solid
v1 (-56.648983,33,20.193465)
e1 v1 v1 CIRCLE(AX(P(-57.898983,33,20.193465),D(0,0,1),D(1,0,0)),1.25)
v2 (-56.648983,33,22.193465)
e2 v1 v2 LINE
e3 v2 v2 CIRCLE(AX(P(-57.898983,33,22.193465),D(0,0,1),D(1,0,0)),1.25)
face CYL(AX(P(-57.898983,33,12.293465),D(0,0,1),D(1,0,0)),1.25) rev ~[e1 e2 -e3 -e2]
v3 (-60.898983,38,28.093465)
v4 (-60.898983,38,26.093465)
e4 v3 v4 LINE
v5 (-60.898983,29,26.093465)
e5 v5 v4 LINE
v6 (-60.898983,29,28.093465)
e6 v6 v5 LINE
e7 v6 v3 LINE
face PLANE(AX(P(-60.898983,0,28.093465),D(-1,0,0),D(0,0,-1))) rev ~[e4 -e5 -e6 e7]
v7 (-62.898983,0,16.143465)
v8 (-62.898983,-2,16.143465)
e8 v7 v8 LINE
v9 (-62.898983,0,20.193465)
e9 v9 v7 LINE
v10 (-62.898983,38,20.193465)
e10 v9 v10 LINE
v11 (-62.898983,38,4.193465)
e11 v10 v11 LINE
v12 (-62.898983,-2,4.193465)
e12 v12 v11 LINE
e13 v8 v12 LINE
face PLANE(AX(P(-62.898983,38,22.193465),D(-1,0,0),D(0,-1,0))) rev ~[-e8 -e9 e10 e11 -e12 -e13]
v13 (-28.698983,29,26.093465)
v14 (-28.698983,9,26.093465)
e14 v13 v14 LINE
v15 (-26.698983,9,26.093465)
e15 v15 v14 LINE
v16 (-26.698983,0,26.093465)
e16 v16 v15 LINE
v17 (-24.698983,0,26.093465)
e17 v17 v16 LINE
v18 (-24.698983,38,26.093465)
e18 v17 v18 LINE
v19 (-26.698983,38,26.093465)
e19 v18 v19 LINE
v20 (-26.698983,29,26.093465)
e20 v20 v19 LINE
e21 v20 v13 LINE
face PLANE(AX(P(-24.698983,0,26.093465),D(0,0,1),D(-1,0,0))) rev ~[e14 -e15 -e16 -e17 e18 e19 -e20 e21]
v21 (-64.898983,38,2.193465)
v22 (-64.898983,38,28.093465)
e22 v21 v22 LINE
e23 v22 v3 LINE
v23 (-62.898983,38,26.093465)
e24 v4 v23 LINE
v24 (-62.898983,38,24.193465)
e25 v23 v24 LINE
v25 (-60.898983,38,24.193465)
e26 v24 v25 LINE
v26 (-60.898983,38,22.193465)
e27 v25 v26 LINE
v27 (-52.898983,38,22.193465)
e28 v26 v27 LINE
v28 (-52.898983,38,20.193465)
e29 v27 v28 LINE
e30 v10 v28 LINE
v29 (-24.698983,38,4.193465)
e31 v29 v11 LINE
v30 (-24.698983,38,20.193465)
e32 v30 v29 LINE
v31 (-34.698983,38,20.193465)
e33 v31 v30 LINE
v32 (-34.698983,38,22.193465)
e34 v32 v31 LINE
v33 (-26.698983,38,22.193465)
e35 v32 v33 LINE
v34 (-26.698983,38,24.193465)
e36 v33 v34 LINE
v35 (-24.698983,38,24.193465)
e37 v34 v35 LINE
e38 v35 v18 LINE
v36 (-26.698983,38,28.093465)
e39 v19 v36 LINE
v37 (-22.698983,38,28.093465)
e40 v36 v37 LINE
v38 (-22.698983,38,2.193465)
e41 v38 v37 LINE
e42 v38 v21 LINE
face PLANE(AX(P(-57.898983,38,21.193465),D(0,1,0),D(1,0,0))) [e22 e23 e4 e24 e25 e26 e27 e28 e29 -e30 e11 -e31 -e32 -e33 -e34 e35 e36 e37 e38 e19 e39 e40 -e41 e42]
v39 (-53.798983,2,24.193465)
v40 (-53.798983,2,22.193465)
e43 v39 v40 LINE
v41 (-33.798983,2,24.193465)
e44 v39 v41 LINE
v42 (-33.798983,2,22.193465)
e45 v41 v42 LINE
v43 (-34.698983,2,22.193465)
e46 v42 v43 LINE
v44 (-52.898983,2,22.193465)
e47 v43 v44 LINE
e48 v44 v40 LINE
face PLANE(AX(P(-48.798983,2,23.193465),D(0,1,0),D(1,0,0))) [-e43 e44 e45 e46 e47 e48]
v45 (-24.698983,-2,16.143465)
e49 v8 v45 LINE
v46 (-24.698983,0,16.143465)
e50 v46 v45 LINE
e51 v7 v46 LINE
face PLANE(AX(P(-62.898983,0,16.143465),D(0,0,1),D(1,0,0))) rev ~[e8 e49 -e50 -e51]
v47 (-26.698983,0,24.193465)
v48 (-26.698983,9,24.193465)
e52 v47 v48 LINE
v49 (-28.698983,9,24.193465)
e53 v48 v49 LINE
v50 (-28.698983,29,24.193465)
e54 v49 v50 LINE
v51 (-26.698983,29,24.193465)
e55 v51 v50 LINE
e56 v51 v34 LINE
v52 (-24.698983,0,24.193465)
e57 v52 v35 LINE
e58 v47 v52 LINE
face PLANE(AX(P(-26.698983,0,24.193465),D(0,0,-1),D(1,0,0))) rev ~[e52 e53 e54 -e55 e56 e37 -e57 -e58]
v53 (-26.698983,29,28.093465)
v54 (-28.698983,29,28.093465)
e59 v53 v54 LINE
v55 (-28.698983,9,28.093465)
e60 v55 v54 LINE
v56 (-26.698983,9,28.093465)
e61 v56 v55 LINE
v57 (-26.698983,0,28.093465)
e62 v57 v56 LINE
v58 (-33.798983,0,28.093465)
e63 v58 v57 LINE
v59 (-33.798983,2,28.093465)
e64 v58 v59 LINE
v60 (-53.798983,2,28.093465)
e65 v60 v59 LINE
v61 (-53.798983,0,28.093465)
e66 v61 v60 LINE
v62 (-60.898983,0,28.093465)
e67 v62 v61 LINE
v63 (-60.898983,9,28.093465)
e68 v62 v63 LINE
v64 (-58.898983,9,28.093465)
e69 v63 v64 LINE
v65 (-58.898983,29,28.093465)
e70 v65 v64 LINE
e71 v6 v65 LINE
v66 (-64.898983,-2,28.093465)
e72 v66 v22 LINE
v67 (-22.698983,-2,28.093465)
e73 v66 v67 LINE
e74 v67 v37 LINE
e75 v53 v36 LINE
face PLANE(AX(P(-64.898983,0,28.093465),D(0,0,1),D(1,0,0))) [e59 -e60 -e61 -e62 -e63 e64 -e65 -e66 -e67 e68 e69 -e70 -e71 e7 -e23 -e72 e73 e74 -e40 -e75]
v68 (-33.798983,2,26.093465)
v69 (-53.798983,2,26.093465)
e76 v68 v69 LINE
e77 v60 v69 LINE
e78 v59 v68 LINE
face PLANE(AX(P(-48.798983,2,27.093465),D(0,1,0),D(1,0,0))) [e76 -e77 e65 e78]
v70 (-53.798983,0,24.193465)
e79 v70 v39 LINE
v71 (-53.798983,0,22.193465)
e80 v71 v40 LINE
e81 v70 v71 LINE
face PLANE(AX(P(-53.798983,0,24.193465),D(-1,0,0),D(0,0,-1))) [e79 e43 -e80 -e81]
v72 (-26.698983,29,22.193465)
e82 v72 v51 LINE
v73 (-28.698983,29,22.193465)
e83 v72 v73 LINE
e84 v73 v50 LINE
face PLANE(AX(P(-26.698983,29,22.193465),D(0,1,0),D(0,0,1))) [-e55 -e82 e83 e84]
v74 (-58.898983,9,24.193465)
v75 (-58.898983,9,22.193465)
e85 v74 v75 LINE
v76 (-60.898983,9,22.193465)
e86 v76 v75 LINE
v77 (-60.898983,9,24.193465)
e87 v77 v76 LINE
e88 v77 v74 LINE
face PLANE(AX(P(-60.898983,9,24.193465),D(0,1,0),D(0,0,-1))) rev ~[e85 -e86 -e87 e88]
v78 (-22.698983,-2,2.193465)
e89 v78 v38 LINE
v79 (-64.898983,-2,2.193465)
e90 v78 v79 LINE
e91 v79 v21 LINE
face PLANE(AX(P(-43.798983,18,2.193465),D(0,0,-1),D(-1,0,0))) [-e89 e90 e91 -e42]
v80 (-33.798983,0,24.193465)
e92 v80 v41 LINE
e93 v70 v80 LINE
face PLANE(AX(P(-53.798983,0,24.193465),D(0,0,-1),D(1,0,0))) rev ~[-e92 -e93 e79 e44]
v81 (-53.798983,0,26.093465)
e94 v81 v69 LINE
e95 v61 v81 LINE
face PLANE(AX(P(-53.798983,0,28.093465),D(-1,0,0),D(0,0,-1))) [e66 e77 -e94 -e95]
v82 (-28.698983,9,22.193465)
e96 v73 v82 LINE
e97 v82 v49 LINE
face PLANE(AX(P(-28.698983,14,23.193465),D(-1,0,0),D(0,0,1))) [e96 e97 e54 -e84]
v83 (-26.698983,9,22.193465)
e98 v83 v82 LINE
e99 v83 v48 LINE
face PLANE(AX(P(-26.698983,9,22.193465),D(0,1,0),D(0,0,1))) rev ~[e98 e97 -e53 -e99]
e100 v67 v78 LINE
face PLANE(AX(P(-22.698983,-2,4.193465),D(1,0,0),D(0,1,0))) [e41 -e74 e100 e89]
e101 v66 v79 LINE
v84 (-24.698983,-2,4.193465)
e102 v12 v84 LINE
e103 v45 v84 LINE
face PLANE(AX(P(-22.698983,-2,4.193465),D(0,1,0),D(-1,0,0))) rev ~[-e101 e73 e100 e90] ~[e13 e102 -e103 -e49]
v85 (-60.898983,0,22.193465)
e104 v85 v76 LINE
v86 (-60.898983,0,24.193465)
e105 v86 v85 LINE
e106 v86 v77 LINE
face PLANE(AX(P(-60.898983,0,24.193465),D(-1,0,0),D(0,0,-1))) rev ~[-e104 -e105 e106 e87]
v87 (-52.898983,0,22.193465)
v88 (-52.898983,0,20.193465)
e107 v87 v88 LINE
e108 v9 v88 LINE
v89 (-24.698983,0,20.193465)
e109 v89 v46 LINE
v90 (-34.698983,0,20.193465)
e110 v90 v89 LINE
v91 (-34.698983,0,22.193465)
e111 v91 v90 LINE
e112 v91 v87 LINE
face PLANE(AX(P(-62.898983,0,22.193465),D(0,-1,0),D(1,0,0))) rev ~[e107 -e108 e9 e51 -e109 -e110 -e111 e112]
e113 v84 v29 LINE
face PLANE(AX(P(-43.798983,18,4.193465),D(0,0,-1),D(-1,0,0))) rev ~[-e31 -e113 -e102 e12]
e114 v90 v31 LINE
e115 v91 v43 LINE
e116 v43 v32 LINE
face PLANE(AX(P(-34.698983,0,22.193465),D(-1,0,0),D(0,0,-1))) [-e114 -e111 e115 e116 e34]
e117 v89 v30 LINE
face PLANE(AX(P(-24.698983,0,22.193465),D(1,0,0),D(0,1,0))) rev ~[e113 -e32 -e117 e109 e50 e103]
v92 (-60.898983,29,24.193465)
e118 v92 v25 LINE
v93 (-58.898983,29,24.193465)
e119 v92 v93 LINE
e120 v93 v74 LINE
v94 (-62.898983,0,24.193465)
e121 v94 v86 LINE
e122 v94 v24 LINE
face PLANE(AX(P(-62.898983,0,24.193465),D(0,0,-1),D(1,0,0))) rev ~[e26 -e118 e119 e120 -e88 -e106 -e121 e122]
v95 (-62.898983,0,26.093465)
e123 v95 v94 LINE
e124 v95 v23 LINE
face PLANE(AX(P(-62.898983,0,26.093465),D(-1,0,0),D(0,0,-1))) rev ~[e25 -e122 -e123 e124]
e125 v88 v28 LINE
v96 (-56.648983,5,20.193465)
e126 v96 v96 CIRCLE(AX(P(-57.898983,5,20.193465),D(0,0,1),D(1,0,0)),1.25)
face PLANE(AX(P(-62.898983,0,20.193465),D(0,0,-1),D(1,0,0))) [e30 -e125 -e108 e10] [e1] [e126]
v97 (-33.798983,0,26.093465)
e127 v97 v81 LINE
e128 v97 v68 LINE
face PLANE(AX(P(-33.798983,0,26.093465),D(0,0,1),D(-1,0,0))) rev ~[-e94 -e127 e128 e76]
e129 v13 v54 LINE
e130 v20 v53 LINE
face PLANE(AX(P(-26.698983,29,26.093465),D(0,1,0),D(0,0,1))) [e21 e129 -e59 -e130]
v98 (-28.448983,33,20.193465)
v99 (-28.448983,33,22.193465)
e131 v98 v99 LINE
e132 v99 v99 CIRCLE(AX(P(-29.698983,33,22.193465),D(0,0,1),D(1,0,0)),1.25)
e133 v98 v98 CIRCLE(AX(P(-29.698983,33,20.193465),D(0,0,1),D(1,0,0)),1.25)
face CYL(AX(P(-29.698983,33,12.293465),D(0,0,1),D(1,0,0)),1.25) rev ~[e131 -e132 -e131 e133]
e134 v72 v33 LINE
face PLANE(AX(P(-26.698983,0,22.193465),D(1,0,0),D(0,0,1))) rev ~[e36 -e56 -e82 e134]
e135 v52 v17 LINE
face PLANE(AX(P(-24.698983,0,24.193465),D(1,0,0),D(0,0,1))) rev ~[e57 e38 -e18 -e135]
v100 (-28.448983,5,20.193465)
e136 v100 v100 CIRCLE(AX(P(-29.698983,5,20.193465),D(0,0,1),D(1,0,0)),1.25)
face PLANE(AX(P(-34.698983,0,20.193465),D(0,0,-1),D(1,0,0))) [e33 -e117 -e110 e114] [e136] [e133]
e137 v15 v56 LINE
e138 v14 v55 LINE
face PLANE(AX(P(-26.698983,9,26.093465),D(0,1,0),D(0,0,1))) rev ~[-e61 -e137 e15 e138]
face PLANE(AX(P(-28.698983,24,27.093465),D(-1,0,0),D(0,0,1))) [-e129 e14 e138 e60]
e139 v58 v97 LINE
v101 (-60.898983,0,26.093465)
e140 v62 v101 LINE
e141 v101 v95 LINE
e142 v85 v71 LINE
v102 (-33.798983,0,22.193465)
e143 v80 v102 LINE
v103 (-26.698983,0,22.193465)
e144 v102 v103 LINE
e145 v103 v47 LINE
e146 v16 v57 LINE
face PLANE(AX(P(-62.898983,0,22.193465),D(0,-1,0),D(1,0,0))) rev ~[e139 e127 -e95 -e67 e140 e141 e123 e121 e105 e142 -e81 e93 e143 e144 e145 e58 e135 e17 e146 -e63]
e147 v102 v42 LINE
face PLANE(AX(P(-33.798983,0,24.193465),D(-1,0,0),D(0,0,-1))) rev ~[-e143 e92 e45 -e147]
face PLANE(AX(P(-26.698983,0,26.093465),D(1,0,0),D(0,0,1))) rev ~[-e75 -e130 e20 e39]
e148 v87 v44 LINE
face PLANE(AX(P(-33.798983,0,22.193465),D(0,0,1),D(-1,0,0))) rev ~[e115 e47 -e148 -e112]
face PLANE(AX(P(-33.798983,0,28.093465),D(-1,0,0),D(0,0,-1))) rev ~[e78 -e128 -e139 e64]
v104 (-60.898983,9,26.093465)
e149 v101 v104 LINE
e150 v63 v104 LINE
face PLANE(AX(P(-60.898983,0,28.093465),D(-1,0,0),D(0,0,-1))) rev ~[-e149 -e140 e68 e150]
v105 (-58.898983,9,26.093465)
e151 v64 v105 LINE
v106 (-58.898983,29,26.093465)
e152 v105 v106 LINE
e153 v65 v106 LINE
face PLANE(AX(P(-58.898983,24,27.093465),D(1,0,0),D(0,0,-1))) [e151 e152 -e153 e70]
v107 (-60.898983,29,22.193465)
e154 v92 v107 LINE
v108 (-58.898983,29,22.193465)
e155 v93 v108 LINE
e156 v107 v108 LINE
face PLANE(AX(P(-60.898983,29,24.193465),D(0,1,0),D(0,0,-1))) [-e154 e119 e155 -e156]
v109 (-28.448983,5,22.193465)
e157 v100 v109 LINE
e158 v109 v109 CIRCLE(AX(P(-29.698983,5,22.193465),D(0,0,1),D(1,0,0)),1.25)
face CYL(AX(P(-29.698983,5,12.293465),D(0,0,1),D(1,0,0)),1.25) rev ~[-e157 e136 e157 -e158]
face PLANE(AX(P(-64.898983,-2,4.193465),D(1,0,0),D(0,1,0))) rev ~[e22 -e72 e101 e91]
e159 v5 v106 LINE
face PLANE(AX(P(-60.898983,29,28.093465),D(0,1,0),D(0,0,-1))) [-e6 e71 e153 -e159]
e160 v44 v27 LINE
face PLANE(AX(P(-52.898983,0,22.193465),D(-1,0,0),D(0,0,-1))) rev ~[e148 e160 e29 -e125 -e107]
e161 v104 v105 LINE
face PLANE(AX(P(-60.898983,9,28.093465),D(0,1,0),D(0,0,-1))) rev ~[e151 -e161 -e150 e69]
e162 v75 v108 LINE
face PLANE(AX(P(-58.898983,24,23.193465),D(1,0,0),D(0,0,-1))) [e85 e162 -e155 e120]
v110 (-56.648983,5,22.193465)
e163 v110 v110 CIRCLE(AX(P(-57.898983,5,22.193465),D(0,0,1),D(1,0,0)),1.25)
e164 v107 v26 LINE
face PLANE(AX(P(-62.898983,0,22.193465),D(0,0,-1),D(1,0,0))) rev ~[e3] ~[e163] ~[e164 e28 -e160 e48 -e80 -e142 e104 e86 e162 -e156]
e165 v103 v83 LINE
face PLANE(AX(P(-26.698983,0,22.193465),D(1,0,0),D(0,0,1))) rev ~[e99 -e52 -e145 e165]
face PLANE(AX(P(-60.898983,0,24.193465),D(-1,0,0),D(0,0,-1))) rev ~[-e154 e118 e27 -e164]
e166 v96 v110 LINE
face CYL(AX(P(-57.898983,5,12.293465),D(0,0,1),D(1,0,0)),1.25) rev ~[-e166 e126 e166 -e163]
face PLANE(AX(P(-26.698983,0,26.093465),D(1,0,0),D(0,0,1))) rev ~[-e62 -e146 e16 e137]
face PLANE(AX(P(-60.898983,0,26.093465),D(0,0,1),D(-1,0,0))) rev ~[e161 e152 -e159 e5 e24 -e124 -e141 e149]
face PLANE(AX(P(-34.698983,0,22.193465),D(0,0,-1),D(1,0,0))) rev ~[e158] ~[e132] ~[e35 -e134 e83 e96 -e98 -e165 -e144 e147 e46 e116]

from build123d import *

# Parameters (mm, degrees)
BOSS_EXTRUDE1_DEPTH       = 38
BOSS_EXTRUDE1_2_DEPTH     = 38
SKETCH2_W                 = 42.2
SKETCH2_H                 = 5.9
BOSS_EXTRUDE2_DEPTH       = 2
BOSS_EXTRUDE3_DEPTH       = 18
SKETCH4_W                 = 42.2
SKETCH4_H                 = 40
BOSS_EXTRUDE4_DEPTH       = 2
SKETCH5_W                 = 38.2
SKETCH5_H                 = 11.95
CUT_EXTRUDE1_DEPTH        = 81.281509747
SKETCH6_W                 = 2
SKETCH6_H                 = 10
BOSS_EXTRUDE5_DEPTH       = 2
SKETCH7_W                 = 2
SKETCH7_H                 = 10
BOSS_EXTRUDE6_DEPTH       = 2
SKETCH8_W                 = 10
SKETCH8_H                 = 2
BOSS_EXTRUDE7_DEPTH       = 2
SKETCH9_W                 = 10
SKETCH9_H                 = 2
BOSS_EXTRUDE8_DEPTH       = 38
M3X0_5_TAPPED_HOLE1_D     = 2.5
M3X0_5_TAPPED_HOLE1_DEPTH = 7.9
M3X0_5_TAPPED_HOLE2_D     = 2.5
M3X0_5_TAPPED_HOLE2_DEPTH = 7.9


with BuildPart() as part:
    # Sketch1 → Boss-Extrude1 (new body)
    with BuildSketch(Plane(origin=(0, 0, 0), x_dir=(1, 0, 0), z_dir=(0, 1, 0))):
        Polygon((-62.898983402, -26.09346473), (-62.898983402, -24.19346473), (-60.898983402, -24.19346473), (-60.898983402, -22.19346473), (-64.898983402, -22.19346473), (-64.898983402, -28.09346473), (-60.898983402, -28.09346473), (-60.898983402, -26.09346473), align=None)
    extrude(amount=BOSS_EXTRUDE1_DEPTH)



with BuildPart() as body_2:
    # Sketch1 → Boss-Extrude1 2 (new body)
    with BuildSketch(Plane(origin=(0, 0, 0), x_dir=(1, 0, 0), z_dir=(0, 1, 0))):
        Polygon((-26.698983402, -22.19346473), (-26.698983402, -24.19346473), (-24.698983402, -24.19346473), (-24.698983402, -26.09346473), (-26.698983402, -26.09346473), (-26.698983402, -28.09346473), (-22.698983402, -28.09346473), (-22.698983402, -22.19346473), align=None)
    extrude(amount=BOSS_EXTRUDE1_2_DEPTH)


with BuildPart() as part_1:
    add(part.part)

    add(body_2.part)  # Boss-Extrude2 merges body 2
    # Sketch2 → Boss-Extrude2 (add)
    with BuildSketch(Plane(origin=(0, 0, 0), x_dir=(1, 0, 0), z_dir=(0, 1, 0))):
        with Locations((-43.798983402, -25.14346473)):
            Rectangle(SKETCH2_W, SKETCH2_H)
    extrude(amount=-BOSS_EXTRUDE2_DEPTH)

    # Sketch3 → Boss-Extrude3 (add)
    with BuildSketch(Plane(origin=(0, 0, 22.19346473), x_dir=(-1, 0, 0), z_dir=(0, 0, -1))):
        Polygon((24.698983402, 38), (22.698983402, 38), (22.698983402, -2), (64.898983402, -2), (64.898983402, 38), (62.898983402, 38), (62.898983402, 0), (24.698983402, 0), align=None)
    extrude(amount=BOSS_EXTRUDE3_DEPTH)

    # Sketch4 → Boss-Extrude4 (add)
    with BuildSketch(Plane(origin=(0, 0, 4.19346473), x_dir=(-1, 0, 0), z_dir=(0, 0, -1))):
        with Locations((43.798983402, 18)):
            Rectangle(SKETCH4_W, SKETCH4_H)
    extrude(amount=BOSS_EXTRUDE4_DEPTH)

    # Sketch5 → Cut-Extrude1 (cut, through all)
    with BuildSketch(Plane(origin=(0, 0, 0), x_dir=(1, 0, 0), z_dir=(0, 1, 0))):
        with Locations((-43.798983402, -10.16846473)):
            Rectangle(SKETCH5_W, SKETCH5_H)
    extrude(amount=-CUT_EXTRUDE1_DEPTH, mode=Mode.SUBTRACT)

    # Sketch6 → Boss-Extrude5 (add)
    with BuildSketch(Plane(origin=(-60.898983402, 0, 0), x_dir=(0, 0, -1), z_dir=(1, 0, 0))):
        with Locations((-27.09346473, 24)):
            Rectangle(SKETCH6_W, SKETCH6_H)
        with Locations((-23.19346473, 24)):
            Rectangle(SKETCH6_W, SKETCH6_H)
        with Locations((-27.09346473, 14)):
            Rectangle(SKETCH6_W, SKETCH6_H)
        with Locations((-23.19346473, 14)):
            Rectangle(SKETCH6_W, SKETCH6_H)
    extrude(amount=BOSS_EXTRUDE5_DEPTH)

    # Sketch7 → Boss-Extrude6 (add)
    with BuildSketch(Plane.ZY.offset(26.698983402)):
        with Locations((27.09346473, 24)):
            Rectangle(SKETCH7_W, SKETCH7_H)
        with Locations((27.09346473, 14)):
            Rectangle(SKETCH7_W, SKETCH7_H)
        with Locations((23.19346473, 14)):
            Rectangle(SKETCH7_W, SKETCH7_H)
        with Locations((23.19346473, 24)):
            Rectangle(SKETCH7_W, SKETCH7_H)
    extrude(amount=BOSS_EXTRUDE6_DEPTH)

    # Sketch8 → Boss-Extrude7 (add)
    with BuildSketch(Plane(origin=(0, 0, 0), x_dir=(1, 0, 0), z_dir=(0, 1, 0))):
        with Locations((-48.798983402, -23.19346473)):
            Rectangle(SKETCH8_W, SKETCH8_H)
        with Locations((-38.798983402, -23.19346473)):
            Rectangle(SKETCH8_W, SKETCH8_H)
        with Locations((-48.798983402, -27.09346473)):
            Rectangle(SKETCH8_W, SKETCH8_H)
        with Locations((-38.798983402, -27.09346473)):
            Rectangle(SKETCH8_W, SKETCH8_H)
    extrude(amount=BOSS_EXTRUDE7_DEPTH)

    # Sketch9 → Boss-Extrude8 (add)
    with BuildSketch(Plane(origin=(0, 0, 0), x_dir=(1, 0, 0), z_dir=(0, 1, 0))):
        with Locations((-57.898983402, -21.19346473)):
            Rectangle(SKETCH9_W, SKETCH9_H)
        with Locations((-29.698983402, -21.19346473)):
            Rectangle(SKETCH9_W, SKETCH9_H)
    extrude(amount=BOSS_EXTRUDE8_DEPTH)

    # M3x0.5 Tapped Hole1
    with Locations(Plane(origin=(-57.898983402, 33, 20.19346473), x_dir=(-1, 0, 0), z_dir=(0, 0, -1))):
        with Locations((0, 0), (0, -28)):
            Hole(M3X0_5_TAPPED_HOLE1_D / 2, depth=M3X0_5_TAPPED_HOLE1_DEPTH)

    # M3x0.5 Tapped Hole2
    with Locations(Plane(origin=(-29.698983402, 33, 20.19346473), x_dir=(-1, 0, 0), z_dir=(0, 0, -1))):
        with Locations((0, 0), (0, -28)):
            Hole(M3X0_5_TAPPED_HOLE2_D / 2, depth=M3X0_5_TAPPED_HOLE2_DEPTH)


solid = part_1.part
